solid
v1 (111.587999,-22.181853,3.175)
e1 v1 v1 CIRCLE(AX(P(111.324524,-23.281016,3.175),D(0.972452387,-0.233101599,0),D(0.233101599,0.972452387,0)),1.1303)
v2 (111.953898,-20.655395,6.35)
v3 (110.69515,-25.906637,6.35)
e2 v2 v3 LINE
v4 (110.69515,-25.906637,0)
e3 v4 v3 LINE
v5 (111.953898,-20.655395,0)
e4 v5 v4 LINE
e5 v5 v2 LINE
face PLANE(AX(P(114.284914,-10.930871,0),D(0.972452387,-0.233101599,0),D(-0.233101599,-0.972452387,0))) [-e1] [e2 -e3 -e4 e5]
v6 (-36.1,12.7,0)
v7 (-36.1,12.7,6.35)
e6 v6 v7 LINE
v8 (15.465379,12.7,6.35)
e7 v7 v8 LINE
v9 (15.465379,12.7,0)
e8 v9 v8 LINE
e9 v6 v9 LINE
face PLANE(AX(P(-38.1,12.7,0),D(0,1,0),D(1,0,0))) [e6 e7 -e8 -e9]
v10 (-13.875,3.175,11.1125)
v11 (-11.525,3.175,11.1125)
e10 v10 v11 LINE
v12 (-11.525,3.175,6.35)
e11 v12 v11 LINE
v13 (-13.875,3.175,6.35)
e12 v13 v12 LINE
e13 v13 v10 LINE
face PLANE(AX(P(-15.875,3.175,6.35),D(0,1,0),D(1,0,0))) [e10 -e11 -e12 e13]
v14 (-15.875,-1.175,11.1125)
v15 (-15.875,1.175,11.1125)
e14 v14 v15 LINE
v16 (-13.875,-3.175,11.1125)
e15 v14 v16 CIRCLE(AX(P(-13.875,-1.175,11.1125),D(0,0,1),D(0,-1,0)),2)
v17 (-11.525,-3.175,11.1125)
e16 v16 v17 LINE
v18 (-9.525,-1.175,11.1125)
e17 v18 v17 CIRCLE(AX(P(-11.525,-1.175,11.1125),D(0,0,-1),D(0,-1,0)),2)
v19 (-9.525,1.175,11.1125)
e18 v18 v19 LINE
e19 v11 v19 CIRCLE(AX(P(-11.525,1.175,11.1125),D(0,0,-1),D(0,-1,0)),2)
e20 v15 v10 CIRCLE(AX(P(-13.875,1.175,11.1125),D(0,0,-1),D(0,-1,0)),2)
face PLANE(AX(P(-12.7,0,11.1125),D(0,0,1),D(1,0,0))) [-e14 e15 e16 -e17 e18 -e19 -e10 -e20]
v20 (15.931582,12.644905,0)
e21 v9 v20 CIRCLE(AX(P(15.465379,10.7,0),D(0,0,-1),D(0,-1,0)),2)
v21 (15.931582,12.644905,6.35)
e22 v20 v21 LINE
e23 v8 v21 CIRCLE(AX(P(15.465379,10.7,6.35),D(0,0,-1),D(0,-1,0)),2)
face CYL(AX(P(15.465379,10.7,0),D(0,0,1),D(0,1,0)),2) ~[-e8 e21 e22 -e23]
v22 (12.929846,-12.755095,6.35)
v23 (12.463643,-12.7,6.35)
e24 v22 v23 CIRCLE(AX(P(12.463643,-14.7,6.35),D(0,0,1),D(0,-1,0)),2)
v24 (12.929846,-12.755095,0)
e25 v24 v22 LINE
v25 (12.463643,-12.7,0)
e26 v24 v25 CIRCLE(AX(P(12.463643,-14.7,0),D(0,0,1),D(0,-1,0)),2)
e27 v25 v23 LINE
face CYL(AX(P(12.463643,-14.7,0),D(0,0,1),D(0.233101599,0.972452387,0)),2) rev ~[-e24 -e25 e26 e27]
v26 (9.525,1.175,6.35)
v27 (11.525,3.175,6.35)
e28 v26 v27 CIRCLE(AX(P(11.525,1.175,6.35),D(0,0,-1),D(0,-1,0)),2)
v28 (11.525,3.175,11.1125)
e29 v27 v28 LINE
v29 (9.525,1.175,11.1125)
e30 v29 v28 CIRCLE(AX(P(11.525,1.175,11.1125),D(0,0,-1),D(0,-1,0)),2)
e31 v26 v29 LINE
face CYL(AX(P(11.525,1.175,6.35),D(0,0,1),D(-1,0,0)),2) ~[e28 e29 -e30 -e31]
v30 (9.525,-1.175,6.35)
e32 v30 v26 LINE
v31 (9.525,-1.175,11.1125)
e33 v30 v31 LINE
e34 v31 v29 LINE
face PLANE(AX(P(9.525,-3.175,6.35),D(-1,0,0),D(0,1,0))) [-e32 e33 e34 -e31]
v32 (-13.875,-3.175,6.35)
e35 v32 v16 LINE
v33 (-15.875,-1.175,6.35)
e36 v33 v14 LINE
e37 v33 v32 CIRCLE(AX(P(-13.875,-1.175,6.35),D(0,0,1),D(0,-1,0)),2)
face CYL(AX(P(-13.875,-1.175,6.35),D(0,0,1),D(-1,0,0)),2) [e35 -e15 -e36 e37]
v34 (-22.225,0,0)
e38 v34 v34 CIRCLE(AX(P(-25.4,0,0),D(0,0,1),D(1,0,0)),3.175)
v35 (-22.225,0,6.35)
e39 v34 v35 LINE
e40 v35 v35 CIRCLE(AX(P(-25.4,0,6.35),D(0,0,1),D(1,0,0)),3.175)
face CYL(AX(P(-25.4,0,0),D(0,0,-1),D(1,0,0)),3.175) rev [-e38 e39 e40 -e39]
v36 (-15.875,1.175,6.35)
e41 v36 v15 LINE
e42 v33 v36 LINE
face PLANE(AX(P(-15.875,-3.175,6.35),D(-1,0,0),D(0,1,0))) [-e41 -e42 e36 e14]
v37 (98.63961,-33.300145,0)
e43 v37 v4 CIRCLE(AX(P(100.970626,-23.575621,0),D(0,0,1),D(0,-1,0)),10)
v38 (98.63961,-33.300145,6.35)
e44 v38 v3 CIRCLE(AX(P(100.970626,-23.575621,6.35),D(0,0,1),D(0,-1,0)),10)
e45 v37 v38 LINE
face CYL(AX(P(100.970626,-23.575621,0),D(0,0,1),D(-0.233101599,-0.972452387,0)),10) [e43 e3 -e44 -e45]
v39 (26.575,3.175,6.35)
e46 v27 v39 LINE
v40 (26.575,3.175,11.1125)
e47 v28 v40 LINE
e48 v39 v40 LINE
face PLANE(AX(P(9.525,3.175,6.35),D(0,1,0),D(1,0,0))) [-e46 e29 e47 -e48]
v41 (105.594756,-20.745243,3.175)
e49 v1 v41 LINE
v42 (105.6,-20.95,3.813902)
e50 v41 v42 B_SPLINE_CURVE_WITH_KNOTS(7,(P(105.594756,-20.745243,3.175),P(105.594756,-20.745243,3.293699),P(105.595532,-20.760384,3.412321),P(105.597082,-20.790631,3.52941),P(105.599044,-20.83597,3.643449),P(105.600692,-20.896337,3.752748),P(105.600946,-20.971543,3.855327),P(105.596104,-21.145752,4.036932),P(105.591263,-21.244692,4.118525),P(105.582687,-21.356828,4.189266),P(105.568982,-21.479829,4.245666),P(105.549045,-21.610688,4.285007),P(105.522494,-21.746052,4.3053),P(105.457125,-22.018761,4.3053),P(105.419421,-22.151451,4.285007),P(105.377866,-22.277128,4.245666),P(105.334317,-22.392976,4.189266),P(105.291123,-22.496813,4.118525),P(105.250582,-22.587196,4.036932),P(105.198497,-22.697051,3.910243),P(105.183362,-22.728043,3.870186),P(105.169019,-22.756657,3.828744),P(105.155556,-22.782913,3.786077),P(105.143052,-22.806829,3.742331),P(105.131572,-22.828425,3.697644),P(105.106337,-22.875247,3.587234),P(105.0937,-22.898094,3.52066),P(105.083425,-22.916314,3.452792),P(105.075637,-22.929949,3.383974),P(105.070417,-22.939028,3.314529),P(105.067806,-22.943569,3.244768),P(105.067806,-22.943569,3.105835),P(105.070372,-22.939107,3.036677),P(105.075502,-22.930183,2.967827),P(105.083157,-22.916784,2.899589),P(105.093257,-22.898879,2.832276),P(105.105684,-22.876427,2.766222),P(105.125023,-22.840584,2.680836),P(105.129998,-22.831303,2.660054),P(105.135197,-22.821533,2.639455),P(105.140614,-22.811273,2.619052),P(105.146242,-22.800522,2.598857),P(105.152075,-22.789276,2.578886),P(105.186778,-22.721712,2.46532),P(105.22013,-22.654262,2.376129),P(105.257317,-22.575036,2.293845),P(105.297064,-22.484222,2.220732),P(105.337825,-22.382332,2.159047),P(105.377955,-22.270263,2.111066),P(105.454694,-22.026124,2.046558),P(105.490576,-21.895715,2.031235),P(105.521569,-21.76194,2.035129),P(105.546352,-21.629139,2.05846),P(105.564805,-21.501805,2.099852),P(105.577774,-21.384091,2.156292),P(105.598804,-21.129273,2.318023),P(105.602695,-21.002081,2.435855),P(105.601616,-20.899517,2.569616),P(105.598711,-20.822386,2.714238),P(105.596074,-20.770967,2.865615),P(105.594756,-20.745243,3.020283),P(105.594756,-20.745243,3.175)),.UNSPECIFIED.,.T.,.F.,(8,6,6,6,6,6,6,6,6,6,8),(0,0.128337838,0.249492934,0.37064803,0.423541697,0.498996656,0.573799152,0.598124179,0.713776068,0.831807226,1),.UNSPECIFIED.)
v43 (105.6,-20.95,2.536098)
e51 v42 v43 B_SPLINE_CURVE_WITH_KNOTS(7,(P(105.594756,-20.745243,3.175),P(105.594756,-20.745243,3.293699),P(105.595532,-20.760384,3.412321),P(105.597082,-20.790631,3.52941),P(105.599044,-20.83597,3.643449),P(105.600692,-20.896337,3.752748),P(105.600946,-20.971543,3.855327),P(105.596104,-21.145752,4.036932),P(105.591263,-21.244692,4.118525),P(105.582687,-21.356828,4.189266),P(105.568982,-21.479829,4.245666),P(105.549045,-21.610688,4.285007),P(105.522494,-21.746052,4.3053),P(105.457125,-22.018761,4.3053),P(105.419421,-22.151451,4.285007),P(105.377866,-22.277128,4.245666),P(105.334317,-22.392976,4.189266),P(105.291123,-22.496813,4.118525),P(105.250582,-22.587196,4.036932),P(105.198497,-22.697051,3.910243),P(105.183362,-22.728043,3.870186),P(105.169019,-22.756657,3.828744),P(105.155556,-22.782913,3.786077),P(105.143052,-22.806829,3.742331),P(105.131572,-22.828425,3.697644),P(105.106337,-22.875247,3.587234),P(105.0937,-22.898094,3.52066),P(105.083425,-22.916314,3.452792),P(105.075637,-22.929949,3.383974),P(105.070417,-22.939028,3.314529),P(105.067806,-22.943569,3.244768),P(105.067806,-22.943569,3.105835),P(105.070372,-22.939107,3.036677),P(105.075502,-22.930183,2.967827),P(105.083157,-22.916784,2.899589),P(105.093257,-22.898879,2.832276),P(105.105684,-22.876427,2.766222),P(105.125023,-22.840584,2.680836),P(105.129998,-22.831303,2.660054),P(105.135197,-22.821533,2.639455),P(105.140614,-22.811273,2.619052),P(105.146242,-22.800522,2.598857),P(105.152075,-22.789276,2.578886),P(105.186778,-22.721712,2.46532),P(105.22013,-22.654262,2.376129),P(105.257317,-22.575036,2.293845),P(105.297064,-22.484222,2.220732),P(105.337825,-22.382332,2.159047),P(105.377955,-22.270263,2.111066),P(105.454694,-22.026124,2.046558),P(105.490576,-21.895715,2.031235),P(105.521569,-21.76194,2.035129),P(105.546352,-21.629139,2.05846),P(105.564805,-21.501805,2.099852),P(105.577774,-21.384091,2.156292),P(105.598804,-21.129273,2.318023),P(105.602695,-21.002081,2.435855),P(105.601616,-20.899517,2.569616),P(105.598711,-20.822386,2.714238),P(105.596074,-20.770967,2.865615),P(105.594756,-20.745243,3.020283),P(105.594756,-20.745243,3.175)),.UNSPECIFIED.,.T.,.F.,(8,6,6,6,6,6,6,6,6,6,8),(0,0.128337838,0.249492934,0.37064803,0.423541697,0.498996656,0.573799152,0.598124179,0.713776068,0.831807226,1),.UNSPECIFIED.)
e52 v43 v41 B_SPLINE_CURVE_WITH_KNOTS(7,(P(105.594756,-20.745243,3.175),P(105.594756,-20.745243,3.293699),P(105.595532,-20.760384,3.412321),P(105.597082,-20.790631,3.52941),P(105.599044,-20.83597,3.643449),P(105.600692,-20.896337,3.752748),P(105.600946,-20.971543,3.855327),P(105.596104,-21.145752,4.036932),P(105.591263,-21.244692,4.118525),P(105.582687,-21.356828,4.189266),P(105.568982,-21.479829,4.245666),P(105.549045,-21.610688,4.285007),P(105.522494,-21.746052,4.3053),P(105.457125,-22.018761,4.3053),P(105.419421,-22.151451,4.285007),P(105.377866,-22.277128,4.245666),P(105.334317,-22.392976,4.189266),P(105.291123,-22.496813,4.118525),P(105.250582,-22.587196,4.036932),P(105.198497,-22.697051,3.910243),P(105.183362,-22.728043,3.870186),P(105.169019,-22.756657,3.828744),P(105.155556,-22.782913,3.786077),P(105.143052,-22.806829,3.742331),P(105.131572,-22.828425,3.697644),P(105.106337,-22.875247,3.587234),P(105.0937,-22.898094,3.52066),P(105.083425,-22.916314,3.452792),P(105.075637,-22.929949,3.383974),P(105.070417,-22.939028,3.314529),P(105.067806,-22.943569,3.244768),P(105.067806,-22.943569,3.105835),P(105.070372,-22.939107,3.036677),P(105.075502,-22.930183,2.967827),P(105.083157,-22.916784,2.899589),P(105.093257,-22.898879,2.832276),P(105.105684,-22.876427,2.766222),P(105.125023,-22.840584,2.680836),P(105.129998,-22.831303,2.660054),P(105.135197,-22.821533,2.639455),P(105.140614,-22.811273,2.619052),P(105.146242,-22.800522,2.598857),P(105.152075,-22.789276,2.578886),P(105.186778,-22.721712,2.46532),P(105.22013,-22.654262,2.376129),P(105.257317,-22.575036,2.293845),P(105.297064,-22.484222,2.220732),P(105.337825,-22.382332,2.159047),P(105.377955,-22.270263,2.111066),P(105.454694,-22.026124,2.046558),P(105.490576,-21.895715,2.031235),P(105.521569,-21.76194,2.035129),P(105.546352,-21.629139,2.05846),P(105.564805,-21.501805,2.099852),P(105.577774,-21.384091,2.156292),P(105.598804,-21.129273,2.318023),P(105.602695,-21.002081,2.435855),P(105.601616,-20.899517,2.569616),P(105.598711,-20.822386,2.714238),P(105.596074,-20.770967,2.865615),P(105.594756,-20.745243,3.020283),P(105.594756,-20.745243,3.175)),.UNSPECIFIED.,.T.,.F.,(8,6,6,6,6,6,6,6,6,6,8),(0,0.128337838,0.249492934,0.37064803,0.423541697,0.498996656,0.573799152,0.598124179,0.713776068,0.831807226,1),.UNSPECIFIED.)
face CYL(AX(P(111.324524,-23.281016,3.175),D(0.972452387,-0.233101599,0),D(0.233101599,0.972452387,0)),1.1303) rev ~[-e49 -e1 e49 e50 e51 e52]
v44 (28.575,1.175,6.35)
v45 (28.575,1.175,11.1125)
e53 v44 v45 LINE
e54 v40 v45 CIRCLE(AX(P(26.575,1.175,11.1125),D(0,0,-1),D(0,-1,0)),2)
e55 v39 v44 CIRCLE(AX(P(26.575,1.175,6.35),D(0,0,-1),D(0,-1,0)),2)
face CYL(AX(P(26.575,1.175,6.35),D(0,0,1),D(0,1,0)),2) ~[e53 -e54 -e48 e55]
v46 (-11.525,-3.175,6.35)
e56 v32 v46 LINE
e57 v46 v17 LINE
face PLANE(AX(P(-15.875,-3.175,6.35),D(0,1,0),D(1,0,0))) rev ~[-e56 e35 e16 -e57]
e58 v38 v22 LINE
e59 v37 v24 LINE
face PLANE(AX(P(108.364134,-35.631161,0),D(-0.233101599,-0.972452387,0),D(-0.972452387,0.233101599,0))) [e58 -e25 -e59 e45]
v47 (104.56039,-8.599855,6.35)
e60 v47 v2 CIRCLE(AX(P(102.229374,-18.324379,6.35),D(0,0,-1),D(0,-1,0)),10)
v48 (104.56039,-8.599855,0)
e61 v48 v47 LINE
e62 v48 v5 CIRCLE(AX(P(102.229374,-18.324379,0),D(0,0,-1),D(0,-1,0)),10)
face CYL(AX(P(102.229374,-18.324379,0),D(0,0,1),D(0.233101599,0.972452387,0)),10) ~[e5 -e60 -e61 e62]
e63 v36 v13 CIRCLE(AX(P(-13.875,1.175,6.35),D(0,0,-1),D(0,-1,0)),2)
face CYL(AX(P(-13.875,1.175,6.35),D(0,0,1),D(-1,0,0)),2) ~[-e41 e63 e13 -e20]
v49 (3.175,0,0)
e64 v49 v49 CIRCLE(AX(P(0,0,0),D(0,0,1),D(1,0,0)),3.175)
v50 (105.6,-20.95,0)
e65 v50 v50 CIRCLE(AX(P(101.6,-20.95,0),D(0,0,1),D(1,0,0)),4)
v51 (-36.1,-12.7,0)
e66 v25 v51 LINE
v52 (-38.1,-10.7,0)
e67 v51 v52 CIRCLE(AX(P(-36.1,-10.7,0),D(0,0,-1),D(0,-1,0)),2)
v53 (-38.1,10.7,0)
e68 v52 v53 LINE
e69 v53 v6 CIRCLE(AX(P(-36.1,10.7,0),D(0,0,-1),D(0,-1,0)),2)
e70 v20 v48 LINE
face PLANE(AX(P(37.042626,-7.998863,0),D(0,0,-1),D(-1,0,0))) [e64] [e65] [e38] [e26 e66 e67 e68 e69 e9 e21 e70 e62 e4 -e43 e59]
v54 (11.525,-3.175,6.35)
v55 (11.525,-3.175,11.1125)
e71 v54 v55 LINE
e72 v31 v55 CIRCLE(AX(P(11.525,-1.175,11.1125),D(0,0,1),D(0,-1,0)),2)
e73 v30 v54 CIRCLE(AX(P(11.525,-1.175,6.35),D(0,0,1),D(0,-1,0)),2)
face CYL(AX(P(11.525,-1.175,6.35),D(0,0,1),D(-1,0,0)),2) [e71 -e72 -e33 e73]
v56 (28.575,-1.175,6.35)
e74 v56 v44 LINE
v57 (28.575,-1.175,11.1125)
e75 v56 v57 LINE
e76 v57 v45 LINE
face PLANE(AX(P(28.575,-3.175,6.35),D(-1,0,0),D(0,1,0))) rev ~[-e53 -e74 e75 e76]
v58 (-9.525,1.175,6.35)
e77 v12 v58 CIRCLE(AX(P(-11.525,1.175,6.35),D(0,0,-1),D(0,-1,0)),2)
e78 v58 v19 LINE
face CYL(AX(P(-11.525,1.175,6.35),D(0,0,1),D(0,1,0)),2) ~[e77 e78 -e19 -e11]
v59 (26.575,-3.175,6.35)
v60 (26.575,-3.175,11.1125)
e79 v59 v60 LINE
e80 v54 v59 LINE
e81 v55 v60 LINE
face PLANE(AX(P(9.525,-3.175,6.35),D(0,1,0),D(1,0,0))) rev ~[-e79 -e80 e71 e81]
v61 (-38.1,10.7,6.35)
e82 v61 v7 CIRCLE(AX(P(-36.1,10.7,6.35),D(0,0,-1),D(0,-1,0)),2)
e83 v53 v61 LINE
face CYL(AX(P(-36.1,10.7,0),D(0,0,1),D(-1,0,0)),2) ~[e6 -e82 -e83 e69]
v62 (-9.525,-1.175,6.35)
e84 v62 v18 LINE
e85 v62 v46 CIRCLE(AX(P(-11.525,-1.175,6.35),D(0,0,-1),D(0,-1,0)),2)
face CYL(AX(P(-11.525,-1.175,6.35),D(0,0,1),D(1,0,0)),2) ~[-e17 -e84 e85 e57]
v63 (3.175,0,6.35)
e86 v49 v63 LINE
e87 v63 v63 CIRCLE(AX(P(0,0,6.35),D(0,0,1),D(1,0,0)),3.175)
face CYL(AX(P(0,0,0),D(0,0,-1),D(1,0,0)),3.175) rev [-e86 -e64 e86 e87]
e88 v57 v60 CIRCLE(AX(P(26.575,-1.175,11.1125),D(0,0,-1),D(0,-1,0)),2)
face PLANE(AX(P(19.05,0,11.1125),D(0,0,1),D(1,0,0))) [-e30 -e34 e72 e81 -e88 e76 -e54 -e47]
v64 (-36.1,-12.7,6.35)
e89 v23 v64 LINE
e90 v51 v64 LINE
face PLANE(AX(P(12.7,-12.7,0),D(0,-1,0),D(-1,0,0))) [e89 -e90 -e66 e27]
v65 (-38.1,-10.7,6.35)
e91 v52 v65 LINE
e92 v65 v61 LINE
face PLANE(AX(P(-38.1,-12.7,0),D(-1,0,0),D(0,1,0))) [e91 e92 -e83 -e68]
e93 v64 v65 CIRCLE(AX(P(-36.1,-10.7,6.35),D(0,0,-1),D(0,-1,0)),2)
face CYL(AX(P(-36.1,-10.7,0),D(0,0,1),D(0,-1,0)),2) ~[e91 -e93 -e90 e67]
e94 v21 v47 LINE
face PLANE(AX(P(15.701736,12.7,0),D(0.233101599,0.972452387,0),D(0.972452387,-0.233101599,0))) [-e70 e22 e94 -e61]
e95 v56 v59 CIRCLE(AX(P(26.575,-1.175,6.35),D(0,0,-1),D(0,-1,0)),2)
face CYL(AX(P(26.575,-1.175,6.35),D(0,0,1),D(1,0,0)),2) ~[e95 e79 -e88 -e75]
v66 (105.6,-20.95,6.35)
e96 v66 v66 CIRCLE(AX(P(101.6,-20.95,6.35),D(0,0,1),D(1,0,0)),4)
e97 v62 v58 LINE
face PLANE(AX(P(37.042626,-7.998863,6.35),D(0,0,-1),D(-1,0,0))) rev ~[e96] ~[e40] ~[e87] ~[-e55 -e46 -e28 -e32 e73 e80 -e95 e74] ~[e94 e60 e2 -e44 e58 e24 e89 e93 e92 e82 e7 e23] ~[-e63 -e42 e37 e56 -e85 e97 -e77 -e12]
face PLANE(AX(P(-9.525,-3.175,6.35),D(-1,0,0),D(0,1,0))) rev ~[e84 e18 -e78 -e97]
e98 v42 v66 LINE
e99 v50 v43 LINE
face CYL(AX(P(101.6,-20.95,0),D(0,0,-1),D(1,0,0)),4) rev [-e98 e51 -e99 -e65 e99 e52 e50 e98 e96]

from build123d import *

# Parameters (mm, degrees)
SKETCH1_R               = 3.175
SKETCH1_R_2             = 4
BOSS_EXTRUDE1_DEPTH     = 6.35
CUT_EXTRUDE2_REACH      = 155.866
CUT_EXTRUDE2_END_RADIUS = 4
SKETCH3_R               = 1.1303
FILLET4_R               = 10
SKETCH4_W               = 6.35
SKETCH4_H               = 6.35
SKETCH4_W_2             = 19.05
BOSS_EXTRUDE2_DEPTH     = 4.7625
FILLET3_R               = 2


with BuildPart() as part:
    # Sketch1 → Boss-Extrude1 (new body)
    with BuildSketch(Plane.XY):
        Polygon((-38.1, -12.7), (-38.1, 12.7), (15.701735639, 12.7), (114.28491418, -10.930870684), (108.364133554, -35.631161305), (12.7, -12.7), align=None)
        with Locations((-25.4, 0)):
            Circle(SKETCH1_R, mode=Mode.SUBTRACT)
        Circle(SKETCH1_R, mode=Mode.SUBTRACT)
        with Locations((101.6, -20.95)):
            Circle(SKETCH1_R_2, mode=Mode.SUBTRACT)
    extrude(amount=BOSS_EXTRUDE1_DEPTH)

    # Cut-Extrude2: up to this cylinder (the profile starts outside it)
    cut_extrude2_end = Plane(origin=(101.6, -20.95, 3.175), z_dir=(0, 0, -1)) * Cylinder(CUT_EXTRUDE2_END_RADIUS, 320.732, mode=Mode.PRIVATE)
    # Sketch3 → Cut-Extrude2 (cut, up to the surface)
    with BuildSketch(Plane(origin=(110.552900462, -26.500071647, 0), x_dir=(0, 0, -1), z_dir=(0.9724523866696595, -0.23310159943784806, 0)), mode=Mode.PRIVATE) as cut_extrude2_sk1:
        with Locations(Location((-3.175, 3.310245002, 0), (0, 0, 90))):
            Circle(SKETCH3_R)
    cut_extrude2_tool1 = extrude(cut_extrude2_sk1.sketch, amount=-CUT_EXTRUDE2_REACH, mode=Mode.PRIVATE) - cut_extrude2_end
    add(cut_extrude2_tool1.solids().sort_by_distance((111.324524, -23.281016, 3.175))[0], mode=Mode.SUBTRACT)

    # Fillet4
    fillet4_edges = [part.edges().sort_by_distance(p)[0] for p in [
        (108.364133554, -35.631161305, 3.175),
        (114.28491418, -10.930870684, 3.175),
    ]]
    fillet(fillet4_edges, radius=FILLET4_R)

    # Sketch4 → Boss-Extrude2 (add)
    with BuildSketch(Plane.XY.offset(6.35)):
        with Locations((-12.7, 0)):
            Rectangle(SKETCH4_W, SKETCH4_H)
        with Locations((19.05, 0)):
            Rectangle(SKETCH4_W_2, SKETCH4_H)
    extrude(amount=BOSS_EXTRUDE2_DEPTH)

    # Fillet3
    fillet3_edges = [part.edges().sort_by_distance(p)[0] for p in [
        (12.7, -12.7, 3.175),
        (-38.1, -12.7, 3.175),
        (-38.1, 12.7, 3.175),
        (15.701735639, 12.7, 3.175),
        (-15.875, -3.175, 8.73125),
        (-9.525, -3.175, 8.73125),
        (-9.525, 3.175, 8.73125),
        (-15.875, 3.175, 8.73125),
        (9.525, -3.175, 8.73125),
        (28.575, -3.175, 8.73125),
        (28.575, 3.175, 8.73125),
        (9.525, 3.175, 8.73125),
    ]]
    fillet(fillet3_edges, radius=FILLET3_R)


solid = part.part
